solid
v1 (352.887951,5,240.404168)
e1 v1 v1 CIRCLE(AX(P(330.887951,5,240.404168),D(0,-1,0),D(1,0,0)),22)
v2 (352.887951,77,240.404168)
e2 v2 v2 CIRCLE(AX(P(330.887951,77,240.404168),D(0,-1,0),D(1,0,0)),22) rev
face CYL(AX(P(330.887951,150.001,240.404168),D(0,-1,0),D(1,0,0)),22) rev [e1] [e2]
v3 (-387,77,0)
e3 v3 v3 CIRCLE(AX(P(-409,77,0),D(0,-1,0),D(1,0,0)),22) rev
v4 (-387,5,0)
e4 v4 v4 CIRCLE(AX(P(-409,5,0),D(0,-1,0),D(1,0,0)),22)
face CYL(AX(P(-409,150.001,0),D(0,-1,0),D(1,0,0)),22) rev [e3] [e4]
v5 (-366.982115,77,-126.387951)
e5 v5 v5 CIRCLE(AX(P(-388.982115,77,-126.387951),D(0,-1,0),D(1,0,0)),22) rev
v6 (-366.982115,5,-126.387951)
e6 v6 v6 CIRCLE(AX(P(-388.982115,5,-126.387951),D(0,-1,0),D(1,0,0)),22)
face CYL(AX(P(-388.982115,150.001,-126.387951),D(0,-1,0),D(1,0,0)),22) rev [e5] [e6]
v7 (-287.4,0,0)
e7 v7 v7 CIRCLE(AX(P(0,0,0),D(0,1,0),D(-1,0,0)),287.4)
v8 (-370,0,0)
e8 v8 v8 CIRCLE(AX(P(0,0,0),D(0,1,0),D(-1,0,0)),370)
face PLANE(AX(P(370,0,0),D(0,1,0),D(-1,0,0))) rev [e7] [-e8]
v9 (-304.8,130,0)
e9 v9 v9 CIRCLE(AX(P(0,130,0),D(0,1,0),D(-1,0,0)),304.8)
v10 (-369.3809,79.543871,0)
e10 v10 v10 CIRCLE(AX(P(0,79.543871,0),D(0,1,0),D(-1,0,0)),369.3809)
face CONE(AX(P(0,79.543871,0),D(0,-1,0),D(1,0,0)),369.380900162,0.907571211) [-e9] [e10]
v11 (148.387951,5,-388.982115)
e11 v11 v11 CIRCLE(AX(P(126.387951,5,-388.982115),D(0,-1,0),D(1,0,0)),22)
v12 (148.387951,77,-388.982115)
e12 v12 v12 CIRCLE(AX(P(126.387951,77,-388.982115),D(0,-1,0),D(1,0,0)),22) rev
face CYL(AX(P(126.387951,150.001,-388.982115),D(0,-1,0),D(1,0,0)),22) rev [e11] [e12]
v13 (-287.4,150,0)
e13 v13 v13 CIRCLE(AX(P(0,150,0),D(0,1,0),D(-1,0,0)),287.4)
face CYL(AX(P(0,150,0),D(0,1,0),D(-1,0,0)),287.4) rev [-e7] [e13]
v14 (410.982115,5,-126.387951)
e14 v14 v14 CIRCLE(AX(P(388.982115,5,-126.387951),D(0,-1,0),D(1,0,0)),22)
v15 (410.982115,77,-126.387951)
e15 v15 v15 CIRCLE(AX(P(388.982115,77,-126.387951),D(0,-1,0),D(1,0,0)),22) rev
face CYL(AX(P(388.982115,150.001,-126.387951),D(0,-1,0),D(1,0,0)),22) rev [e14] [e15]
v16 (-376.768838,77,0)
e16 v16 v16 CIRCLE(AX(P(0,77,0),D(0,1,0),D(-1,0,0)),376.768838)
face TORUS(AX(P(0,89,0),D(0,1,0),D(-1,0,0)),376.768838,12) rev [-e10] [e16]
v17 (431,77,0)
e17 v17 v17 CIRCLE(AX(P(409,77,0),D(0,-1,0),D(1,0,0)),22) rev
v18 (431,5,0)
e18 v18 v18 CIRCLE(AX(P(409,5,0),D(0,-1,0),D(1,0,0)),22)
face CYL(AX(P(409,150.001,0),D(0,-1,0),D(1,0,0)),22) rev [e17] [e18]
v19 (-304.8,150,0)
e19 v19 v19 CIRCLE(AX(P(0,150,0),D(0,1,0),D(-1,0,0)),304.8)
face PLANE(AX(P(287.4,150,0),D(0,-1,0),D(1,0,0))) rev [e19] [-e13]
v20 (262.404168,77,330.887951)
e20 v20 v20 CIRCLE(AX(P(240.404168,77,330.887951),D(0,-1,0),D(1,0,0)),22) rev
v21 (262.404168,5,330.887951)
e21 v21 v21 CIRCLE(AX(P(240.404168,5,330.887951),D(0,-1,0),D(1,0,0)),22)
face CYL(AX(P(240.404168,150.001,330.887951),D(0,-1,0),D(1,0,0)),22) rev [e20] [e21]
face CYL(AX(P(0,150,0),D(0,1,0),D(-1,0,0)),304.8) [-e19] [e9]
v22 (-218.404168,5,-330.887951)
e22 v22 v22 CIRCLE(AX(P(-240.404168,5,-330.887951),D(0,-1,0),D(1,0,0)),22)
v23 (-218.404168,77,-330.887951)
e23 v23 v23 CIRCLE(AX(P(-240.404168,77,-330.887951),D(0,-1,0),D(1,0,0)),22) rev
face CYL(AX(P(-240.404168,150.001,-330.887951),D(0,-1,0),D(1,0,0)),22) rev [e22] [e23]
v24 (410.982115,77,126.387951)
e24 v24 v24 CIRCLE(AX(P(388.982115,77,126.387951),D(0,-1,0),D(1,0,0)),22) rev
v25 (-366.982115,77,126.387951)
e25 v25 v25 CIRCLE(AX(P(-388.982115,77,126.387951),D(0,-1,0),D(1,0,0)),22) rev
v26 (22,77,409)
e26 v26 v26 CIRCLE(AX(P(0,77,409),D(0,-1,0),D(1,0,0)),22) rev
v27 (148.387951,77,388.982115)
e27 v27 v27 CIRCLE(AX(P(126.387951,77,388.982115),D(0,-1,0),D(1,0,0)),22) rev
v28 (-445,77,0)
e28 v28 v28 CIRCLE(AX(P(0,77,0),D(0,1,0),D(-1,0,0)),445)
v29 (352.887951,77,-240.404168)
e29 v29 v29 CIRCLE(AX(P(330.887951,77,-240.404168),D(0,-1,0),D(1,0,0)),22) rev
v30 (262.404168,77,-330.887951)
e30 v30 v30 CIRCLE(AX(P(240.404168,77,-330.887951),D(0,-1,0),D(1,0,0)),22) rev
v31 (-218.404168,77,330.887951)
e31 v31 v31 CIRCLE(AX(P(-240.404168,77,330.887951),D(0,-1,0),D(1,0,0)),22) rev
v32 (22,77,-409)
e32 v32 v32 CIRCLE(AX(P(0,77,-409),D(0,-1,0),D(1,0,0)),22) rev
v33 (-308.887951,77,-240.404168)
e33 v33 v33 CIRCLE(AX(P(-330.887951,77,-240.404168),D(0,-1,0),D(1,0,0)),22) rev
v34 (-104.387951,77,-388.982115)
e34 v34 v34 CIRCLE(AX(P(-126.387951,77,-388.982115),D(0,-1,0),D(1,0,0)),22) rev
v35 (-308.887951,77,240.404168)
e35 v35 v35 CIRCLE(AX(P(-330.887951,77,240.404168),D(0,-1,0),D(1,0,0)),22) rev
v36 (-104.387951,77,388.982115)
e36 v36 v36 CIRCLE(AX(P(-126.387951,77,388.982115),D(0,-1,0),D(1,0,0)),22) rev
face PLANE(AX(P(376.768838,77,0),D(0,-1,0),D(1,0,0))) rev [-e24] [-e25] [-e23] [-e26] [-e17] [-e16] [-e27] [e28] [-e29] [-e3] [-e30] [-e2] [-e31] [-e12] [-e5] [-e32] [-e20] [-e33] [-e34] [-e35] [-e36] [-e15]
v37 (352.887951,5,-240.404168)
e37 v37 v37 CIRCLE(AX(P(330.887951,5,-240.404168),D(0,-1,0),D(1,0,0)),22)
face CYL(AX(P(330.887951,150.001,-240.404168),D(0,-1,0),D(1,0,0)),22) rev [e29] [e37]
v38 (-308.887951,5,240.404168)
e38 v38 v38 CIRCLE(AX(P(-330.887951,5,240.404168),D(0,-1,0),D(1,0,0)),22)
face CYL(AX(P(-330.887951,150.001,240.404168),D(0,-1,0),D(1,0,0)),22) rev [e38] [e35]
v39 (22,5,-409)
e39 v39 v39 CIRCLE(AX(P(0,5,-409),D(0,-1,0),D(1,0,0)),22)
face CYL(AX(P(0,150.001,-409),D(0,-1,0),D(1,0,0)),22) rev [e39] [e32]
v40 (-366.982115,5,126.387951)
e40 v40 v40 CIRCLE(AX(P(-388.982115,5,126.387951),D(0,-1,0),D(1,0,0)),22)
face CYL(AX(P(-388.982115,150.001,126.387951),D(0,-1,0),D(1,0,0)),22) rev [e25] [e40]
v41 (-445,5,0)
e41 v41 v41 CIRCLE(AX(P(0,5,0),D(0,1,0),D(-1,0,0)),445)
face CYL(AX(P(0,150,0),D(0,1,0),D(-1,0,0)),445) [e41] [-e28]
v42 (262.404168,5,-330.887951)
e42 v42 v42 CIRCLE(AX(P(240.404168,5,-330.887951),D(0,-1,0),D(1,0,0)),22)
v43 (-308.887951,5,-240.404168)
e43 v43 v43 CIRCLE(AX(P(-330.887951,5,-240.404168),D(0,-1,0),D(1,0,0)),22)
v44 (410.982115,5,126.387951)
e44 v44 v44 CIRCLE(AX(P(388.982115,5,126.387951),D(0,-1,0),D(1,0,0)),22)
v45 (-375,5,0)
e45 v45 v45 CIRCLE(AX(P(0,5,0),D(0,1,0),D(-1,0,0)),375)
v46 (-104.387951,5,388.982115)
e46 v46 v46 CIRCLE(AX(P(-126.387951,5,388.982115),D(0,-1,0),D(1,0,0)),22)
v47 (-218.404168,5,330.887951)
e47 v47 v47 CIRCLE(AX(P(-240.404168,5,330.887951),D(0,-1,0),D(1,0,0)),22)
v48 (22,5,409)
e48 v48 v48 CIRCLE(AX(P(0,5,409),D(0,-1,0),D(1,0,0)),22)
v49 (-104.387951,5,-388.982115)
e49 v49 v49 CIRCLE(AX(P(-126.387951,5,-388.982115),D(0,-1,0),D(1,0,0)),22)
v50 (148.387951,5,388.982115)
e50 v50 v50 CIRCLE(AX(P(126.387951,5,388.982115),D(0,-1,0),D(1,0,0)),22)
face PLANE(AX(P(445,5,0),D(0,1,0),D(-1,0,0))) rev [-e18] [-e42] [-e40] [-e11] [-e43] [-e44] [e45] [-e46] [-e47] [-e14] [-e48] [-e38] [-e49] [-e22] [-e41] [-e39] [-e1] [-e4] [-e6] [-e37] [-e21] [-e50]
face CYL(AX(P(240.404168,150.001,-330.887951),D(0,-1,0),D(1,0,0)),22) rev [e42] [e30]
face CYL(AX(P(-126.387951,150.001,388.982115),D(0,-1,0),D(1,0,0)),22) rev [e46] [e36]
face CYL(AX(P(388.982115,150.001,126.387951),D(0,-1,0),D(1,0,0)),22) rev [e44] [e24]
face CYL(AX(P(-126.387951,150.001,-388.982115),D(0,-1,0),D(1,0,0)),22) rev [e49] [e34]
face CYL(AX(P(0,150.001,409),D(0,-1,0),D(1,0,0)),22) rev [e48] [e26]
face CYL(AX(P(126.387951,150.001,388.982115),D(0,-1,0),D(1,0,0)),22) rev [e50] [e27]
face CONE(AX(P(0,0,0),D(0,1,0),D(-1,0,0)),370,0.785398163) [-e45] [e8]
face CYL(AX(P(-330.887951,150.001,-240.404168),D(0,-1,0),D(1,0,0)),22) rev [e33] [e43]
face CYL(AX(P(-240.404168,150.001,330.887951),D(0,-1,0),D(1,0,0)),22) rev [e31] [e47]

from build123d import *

# Parameters (mm, degrees)
CUT_EXTRUDE2_REACH = 147
SKETCH2_R          = 22


with BuildPart() as part:
    # Sketch1 → Revolve1 (revolve)
    with BuildSketch(Plane.XY):
        with BuildLine():
            Line((287.4, 150), (304.8, 150))
            Line((304.8, 150), (304.8, 130))
            Line((304.8, 130), (369.380900162, 79.543870957))
            ThreePointArc((369.380900162, 79.543870957), (372.862020012, 77.653777093), (376.768837866, 77))
            Line((376.768837866, 77), (445, 77))
            Line((445, 77), (445, 5))
            Line((445, 5), (375, 5))
            Line((375, 5), (370, 0))
            Line((370, 0), (287.4, 0))
            Line((287.4, 0), (287.4, 150))
        make_face()
    revolve(axis=Axis((0, 150, 0), (0, -1, 0)))

    # Sketch2 → Cut-Extrude2 (cut, up to next)
    with BuildSketch(Plane.XZ.offset(-5), mode=Mode.PRIVATE) as cut_extrude2_sk1:
        with Locations((0, 409)):
            Circle(SKETCH2_R)
    cut_extrude2_tool1 = extrude(cut_extrude2_sk1.sketch, amount=-CUT_EXTRUDE2_REACH, mode=Mode.PRIVATE) & part.part
    add(cut_extrude2_tool1.solids().sort_by_distance((0, 5, 409))[0], mode=Mode.SUBTRACT)
    # Sketch2 → Cut-Extrude2 (cut, up to next)
    with BuildSketch(Plane.XZ.offset(-5), mode=Mode.PRIVATE) as cut_extrude2_sk2:
        with Locations((126.387950699, 388.982115165)):
            Circle(SKETCH2_R)
    cut_extrude2_tool2 = extrude(cut_extrude2_sk2.sketch, amount=-CUT_EXTRUDE2_REACH, mode=Mode.PRIVATE) & part.part
    add(cut_extrude2_tool2.solids().sort_by_distance((126.387951, 5, 388.982115))[0], mode=Mode.SUBTRACT)
    # Sketch2 → Cut-Extrude2 (cut, up to next)
    with BuildSketch(Plane.XZ.offset(-5), mode=Mode.PRIVATE) as cut_extrude2_sk3:
        with Locations((240.404168188, 330.887950699)):
            Circle(SKETCH2_R)
    cut_extrude2_tool3 = extrude(cut_extrude2_sk3.sketch, amount=-CUT_EXTRUDE2_REACH, mode=Mode.PRIVATE) & part.part
    add(cut_extrude2_tool3.solids().sort_by_distance((240.404168, 5, 330.887951))[0], mode=Mode.SUBTRACT)
    # Sketch2 → Cut-Extrude2 (cut, up to next)
    with BuildSketch(Plane.XZ.offset(-5), mode=Mode.PRIVATE) as cut_extrude2_sk4:
        with Locations((330.887950699, 240.404168188)):
            Circle(SKETCH2_R)
    cut_extrude2_tool4 = extrude(cut_extrude2_sk4.sketch, amount=-CUT_EXTRUDE2_REACH, mode=Mode.PRIVATE) & part.part
    add(cut_extrude2_tool4.solids().sort_by_distance((330.887951, 5, 240.404168))[0], mode=Mode.SUBTRACT)
    # Sketch2 → Cut-Extrude2 (cut, up to next)
    with BuildSketch(Plane.XZ.offset(-5), mode=Mode.PRIVATE) as cut_extrude2_sk5:
        with Locations((388.982115165, 126.387950699)):
            Circle(SKETCH2_R)
    cut_extrude2_tool5 = extrude(cut_extrude2_sk5.sketch, amount=-CUT_EXTRUDE2_REACH, mode=Mode.PRIVATE) & part.part
    add(cut_extrude2_tool5.solids().sort_by_distance((388.982115, 5, 126.387951))[0], mode=Mode.SUBTRACT)
    # Sketch2 → Cut-Extrude2 (cut, up to next)
    with BuildSketch(Plane.XZ.offset(-5), mode=Mode.PRIVATE) as cut_extrude2_sk6:
        with Locations((409, 0)):
            Circle(SKETCH2_R)
    cut_extrude2_tool6 = extrude(cut_extrude2_sk6.sketch, amount=-CUT_EXTRUDE2_REACH, mode=Mode.PRIVATE) & part.part
    add(cut_extrude2_tool6.solids().sort_by_distance((409, 5, 0))[0], mode=Mode.SUBTRACT)
    # Sketch2 → Cut-Extrude2 (cut, up to next)
    with BuildSketch(Plane.XZ.offset(-5), mode=Mode.PRIVATE) as cut_extrude2_sk7:
        with Locations((388.982115165, -126.387950699)):
            Circle(SKETCH2_R)
    cut_extrude2_tool7 = extrude(cut_extrude2_sk7.sketch, amount=-CUT_EXTRUDE2_REACH, mode=Mode.PRIVATE) & part.part
    add(cut_extrude2_tool7.solids().sort_by_distance((388.982115, 5, -126.387951))[0], mode=Mode.SUBTRACT)
    # Sketch2 → Cut-Extrude2 (cut, up to next)
    with BuildSketch(Plane.XZ.offset(-5), mode=Mode.PRIVATE) as cut_extrude2_sk8:
        with Locations((330.887950699, -240.404168188)):
            Circle(SKETCH2_R)
    cut_extrude2_tool8 = extrude(cut_extrude2_sk8.sketch, amount=-CUT_EXTRUDE2_REACH, mode=Mode.PRIVATE) & part.part
    add(cut_extrude2_tool8.solids().sort_by_distance((330.887951, 5, -240.404168))[0], mode=Mode.SUBTRACT)
    # Sketch2 → Cut-Extrude2 (cut, up to next)
    with BuildSketch(Plane.XZ.offset(-5), mode=Mode.PRIVATE) as cut_extrude2_sk9:
        with Locations((240.404168188, -330.887950699)):
            Circle(SKETCH2_R)
    cut_extrude2_tool9 = extrude(cut_extrude2_sk9.sketch, amount=-CUT_EXTRUDE2_REACH, mode=Mode.PRIVATE) & part.part
    add(cut_extrude2_tool9.solids().sort_by_distance((240.404168, 5, -330.887951))[0], mode=Mode.SUBTRACT)
    # Sketch2 → Cut-Extrude2 (cut, up to next)
    with BuildSketch(Plane.XZ.offset(-5), mode=Mode.PRIVATE) as cut_extrude2_sk10:
        with Locations((126.387950699, -388.982115165)):
            Circle(SKETCH2_R)
    cut_extrude2_tool10 = extrude(cut_extrude2_sk10.sketch, amount=-CUT_EXTRUDE2_REACH, mode=Mode.PRIVATE) & part.part
    add(cut_extrude2_tool10.solids().sort_by_distance((126.387951, 5, -388.982115))[0], mode=Mode.SUBTRACT)
    # Sketch2 → Cut-Extrude2 (cut, up to next)
    with BuildSketch(Plane.XZ.offset(-5), mode=Mode.PRIVATE) as cut_extrude2_sk11:
        with Locations((0, -409)):
            Circle(SKETCH2_R)
    cut_extrude2_tool11 = extrude(cut_extrude2_sk11.sketch, amount=-CUT_EXTRUDE2_REACH, mode=Mode.PRIVATE) & part.part
    add(cut_extrude2_tool11.solids().sort_by_distance((0, 5, -409))[0], mode=Mode.SUBTRACT)
    # Sketch2 → Cut-Extrude2 (cut, up to next)
    with BuildSketch(Plane.XZ.offset(-5), mode=Mode.PRIVATE) as cut_extrude2_sk12:
        with Locations((-126.387950699, -388.982115165)):
            Circle(SKETCH2_R)
    cut_extrude2_tool12 = extrude(cut_extrude2_sk12.sketch, amount=-CUT_EXTRUDE2_REACH, mode=Mode.PRIVATE) & part.part
    add(cut_extrude2_tool12.solids().sort_by_distance((-126.387951, 5, -388.982115))[0], mode=Mode.SUBTRACT)
    # Sketch2 → Cut-Extrude2 (cut, up to next)
    with BuildSketch(Plane.XZ.offset(-5), mode=Mode.PRIVATE) as cut_extrude2_sk13:
        with Locations((-240.404168188, -330.887950699)):
            Circle(SKETCH2_R)
    cut_extrude2_tool13 = extrude(cut_extrude2_sk13.sketch, amount=-CUT_EXTRUDE2_REACH, mode=Mode.PRIVATE) & part.part
    add(cut_extrude2_tool13.solids().sort_by_distance((-240.404168, 5, -330.887951))[0], mode=Mode.SUBTRACT)
    # Sketch2 → Cut-Extrude2 (cut, up to next)
    with BuildSketch(Plane.XZ.offset(-5), mode=Mode.PRIVATE) as cut_extrude2_sk14:
        with Locations((-330.887950699, -240.404168188)):
            Circle(SKETCH2_R)
    cut_extrude2_tool14 = extrude(cut_extrude2_sk14.sketch, amount=-CUT_EXTRUDE2_REACH, mode=Mode.PRIVATE) & part.part
    add(cut_extrude2_tool14.solids().sort_by_distance((-330.887951, 5, -240.404168))[0], mode=Mode.SUBTRACT)
    # Sketch2 → Cut-Extrude2 (cut, up to next)
    with BuildSketch(Plane.XZ.offset(-5), mode=Mode.PRIVATE) as cut_extrude2_sk15:
        with Locations((-388.982115165, -126.387950699)):
            Circle(SKETCH2_R)
    cut_extrude2_tool15 = extrude(cut_extrude2_sk15.sketch, amount=-CUT_EXTRUDE2_REACH, mode=Mode.PRIVATE) & part.part
    add(cut_extrude2_tool15.solids().sort_by_distance((-388.982115, 5, -126.387951))[0], mode=Mode.SUBTRACT)
    # Sketch2 → Cut-Extrude2 (cut, up to next)
    with BuildSketch(Plane.XZ.offset(-5), mode=Mode.PRIVATE) as cut_extrude2_sk16:
        with Locations((-409, 0)):
            Circle(SKETCH2_R)
    cut_extrude2_tool16 = extrude(cut_extrude2_sk16.sketch, amount=-CUT_EXTRUDE2_REACH, mode=Mode.PRIVATE) & part.part
    add(cut_extrude2_tool16.solids().sort_by_distance((-409, 5, 0))[0], mode=Mode.SUBTRACT)
    # Sketch2 → Cut-Extrude2 (cut, up to next)
    with BuildSketch(Plane.XZ.offset(-5), mode=Mode.PRIVATE) as cut_extrude2_sk17:
        with Locations((-388.982115165, 126.387950699)):
            Circle(SKETCH2_R)
    cut_extrude2_tool17 = extrude(cut_extrude2_sk17.sketch, amount=-CUT_EXTRUDE2_REACH, mode=Mode.PRIVATE) & part.part
    add(cut_extrude2_tool17.solids().sort_by_distance((-388.982115, 5, 126.387951))[0], mode=Mode.SUBTRACT)
    # Sketch2 → Cut-Extrude2 (cut, up to next)
    with BuildSketch(Plane.XZ.offset(-5), mode=Mode.PRIVATE) as cut_extrude2_sk18:
        with Locations((-330.887950699, 240.404168188)):
            Circle(SKETCH2_R)
    cut_extrude2_tool18 = extrude(cut_extrude2_sk18.sketch, amount=-CUT_EXTRUDE2_REACH, mode=Mode.PRIVATE) & part.part
    add(cut_extrude2_tool18.solids().sort_by_distance((-330.887951, 5, 240.404168))[0], mode=Mode.SUBTRACT)
    # Sketch2 → Cut-Extrude2 (cut, up to next)
    with BuildSketch(Plane.XZ.offset(-5), mode=Mode.PRIVATE) as cut_extrude2_sk19:
        with Locations((-240.404168188, 330.887950699)):
            Circle(SKETCH2_R)
    cut_extrude2_tool19 = extrude(cut_extrude2_sk19.sketch, amount=-CUT_EXTRUDE2_REACH, mode=Mode.PRIVATE) & part.part
    add(cut_extrude2_tool19.solids().sort_by_distance((-240.404168, 5, 330.887951))[0], mode=Mode.SUBTRACT)
    # Sketch2 → Cut-Extrude2 (cut, up to next)
    with BuildSketch(Plane.XZ.offset(-5), mode=Mode.PRIVATE) as cut_extrude2_sk20:
        with Locations((-126.387950699, 388.982115165)):
            Circle(SKETCH2_R)
    cut_extrude2_tool20 = extrude(cut_extrude2_sk20.sketch, amount=-CUT_EXTRUDE2_REACH, mode=Mode.PRIVATE) & part.part
    add(cut_extrude2_tool20.solids().sort_by_distance((-126.387951, 5, 388.982115))[0], mode=Mode.SUBTRACT)


solid = part.part
